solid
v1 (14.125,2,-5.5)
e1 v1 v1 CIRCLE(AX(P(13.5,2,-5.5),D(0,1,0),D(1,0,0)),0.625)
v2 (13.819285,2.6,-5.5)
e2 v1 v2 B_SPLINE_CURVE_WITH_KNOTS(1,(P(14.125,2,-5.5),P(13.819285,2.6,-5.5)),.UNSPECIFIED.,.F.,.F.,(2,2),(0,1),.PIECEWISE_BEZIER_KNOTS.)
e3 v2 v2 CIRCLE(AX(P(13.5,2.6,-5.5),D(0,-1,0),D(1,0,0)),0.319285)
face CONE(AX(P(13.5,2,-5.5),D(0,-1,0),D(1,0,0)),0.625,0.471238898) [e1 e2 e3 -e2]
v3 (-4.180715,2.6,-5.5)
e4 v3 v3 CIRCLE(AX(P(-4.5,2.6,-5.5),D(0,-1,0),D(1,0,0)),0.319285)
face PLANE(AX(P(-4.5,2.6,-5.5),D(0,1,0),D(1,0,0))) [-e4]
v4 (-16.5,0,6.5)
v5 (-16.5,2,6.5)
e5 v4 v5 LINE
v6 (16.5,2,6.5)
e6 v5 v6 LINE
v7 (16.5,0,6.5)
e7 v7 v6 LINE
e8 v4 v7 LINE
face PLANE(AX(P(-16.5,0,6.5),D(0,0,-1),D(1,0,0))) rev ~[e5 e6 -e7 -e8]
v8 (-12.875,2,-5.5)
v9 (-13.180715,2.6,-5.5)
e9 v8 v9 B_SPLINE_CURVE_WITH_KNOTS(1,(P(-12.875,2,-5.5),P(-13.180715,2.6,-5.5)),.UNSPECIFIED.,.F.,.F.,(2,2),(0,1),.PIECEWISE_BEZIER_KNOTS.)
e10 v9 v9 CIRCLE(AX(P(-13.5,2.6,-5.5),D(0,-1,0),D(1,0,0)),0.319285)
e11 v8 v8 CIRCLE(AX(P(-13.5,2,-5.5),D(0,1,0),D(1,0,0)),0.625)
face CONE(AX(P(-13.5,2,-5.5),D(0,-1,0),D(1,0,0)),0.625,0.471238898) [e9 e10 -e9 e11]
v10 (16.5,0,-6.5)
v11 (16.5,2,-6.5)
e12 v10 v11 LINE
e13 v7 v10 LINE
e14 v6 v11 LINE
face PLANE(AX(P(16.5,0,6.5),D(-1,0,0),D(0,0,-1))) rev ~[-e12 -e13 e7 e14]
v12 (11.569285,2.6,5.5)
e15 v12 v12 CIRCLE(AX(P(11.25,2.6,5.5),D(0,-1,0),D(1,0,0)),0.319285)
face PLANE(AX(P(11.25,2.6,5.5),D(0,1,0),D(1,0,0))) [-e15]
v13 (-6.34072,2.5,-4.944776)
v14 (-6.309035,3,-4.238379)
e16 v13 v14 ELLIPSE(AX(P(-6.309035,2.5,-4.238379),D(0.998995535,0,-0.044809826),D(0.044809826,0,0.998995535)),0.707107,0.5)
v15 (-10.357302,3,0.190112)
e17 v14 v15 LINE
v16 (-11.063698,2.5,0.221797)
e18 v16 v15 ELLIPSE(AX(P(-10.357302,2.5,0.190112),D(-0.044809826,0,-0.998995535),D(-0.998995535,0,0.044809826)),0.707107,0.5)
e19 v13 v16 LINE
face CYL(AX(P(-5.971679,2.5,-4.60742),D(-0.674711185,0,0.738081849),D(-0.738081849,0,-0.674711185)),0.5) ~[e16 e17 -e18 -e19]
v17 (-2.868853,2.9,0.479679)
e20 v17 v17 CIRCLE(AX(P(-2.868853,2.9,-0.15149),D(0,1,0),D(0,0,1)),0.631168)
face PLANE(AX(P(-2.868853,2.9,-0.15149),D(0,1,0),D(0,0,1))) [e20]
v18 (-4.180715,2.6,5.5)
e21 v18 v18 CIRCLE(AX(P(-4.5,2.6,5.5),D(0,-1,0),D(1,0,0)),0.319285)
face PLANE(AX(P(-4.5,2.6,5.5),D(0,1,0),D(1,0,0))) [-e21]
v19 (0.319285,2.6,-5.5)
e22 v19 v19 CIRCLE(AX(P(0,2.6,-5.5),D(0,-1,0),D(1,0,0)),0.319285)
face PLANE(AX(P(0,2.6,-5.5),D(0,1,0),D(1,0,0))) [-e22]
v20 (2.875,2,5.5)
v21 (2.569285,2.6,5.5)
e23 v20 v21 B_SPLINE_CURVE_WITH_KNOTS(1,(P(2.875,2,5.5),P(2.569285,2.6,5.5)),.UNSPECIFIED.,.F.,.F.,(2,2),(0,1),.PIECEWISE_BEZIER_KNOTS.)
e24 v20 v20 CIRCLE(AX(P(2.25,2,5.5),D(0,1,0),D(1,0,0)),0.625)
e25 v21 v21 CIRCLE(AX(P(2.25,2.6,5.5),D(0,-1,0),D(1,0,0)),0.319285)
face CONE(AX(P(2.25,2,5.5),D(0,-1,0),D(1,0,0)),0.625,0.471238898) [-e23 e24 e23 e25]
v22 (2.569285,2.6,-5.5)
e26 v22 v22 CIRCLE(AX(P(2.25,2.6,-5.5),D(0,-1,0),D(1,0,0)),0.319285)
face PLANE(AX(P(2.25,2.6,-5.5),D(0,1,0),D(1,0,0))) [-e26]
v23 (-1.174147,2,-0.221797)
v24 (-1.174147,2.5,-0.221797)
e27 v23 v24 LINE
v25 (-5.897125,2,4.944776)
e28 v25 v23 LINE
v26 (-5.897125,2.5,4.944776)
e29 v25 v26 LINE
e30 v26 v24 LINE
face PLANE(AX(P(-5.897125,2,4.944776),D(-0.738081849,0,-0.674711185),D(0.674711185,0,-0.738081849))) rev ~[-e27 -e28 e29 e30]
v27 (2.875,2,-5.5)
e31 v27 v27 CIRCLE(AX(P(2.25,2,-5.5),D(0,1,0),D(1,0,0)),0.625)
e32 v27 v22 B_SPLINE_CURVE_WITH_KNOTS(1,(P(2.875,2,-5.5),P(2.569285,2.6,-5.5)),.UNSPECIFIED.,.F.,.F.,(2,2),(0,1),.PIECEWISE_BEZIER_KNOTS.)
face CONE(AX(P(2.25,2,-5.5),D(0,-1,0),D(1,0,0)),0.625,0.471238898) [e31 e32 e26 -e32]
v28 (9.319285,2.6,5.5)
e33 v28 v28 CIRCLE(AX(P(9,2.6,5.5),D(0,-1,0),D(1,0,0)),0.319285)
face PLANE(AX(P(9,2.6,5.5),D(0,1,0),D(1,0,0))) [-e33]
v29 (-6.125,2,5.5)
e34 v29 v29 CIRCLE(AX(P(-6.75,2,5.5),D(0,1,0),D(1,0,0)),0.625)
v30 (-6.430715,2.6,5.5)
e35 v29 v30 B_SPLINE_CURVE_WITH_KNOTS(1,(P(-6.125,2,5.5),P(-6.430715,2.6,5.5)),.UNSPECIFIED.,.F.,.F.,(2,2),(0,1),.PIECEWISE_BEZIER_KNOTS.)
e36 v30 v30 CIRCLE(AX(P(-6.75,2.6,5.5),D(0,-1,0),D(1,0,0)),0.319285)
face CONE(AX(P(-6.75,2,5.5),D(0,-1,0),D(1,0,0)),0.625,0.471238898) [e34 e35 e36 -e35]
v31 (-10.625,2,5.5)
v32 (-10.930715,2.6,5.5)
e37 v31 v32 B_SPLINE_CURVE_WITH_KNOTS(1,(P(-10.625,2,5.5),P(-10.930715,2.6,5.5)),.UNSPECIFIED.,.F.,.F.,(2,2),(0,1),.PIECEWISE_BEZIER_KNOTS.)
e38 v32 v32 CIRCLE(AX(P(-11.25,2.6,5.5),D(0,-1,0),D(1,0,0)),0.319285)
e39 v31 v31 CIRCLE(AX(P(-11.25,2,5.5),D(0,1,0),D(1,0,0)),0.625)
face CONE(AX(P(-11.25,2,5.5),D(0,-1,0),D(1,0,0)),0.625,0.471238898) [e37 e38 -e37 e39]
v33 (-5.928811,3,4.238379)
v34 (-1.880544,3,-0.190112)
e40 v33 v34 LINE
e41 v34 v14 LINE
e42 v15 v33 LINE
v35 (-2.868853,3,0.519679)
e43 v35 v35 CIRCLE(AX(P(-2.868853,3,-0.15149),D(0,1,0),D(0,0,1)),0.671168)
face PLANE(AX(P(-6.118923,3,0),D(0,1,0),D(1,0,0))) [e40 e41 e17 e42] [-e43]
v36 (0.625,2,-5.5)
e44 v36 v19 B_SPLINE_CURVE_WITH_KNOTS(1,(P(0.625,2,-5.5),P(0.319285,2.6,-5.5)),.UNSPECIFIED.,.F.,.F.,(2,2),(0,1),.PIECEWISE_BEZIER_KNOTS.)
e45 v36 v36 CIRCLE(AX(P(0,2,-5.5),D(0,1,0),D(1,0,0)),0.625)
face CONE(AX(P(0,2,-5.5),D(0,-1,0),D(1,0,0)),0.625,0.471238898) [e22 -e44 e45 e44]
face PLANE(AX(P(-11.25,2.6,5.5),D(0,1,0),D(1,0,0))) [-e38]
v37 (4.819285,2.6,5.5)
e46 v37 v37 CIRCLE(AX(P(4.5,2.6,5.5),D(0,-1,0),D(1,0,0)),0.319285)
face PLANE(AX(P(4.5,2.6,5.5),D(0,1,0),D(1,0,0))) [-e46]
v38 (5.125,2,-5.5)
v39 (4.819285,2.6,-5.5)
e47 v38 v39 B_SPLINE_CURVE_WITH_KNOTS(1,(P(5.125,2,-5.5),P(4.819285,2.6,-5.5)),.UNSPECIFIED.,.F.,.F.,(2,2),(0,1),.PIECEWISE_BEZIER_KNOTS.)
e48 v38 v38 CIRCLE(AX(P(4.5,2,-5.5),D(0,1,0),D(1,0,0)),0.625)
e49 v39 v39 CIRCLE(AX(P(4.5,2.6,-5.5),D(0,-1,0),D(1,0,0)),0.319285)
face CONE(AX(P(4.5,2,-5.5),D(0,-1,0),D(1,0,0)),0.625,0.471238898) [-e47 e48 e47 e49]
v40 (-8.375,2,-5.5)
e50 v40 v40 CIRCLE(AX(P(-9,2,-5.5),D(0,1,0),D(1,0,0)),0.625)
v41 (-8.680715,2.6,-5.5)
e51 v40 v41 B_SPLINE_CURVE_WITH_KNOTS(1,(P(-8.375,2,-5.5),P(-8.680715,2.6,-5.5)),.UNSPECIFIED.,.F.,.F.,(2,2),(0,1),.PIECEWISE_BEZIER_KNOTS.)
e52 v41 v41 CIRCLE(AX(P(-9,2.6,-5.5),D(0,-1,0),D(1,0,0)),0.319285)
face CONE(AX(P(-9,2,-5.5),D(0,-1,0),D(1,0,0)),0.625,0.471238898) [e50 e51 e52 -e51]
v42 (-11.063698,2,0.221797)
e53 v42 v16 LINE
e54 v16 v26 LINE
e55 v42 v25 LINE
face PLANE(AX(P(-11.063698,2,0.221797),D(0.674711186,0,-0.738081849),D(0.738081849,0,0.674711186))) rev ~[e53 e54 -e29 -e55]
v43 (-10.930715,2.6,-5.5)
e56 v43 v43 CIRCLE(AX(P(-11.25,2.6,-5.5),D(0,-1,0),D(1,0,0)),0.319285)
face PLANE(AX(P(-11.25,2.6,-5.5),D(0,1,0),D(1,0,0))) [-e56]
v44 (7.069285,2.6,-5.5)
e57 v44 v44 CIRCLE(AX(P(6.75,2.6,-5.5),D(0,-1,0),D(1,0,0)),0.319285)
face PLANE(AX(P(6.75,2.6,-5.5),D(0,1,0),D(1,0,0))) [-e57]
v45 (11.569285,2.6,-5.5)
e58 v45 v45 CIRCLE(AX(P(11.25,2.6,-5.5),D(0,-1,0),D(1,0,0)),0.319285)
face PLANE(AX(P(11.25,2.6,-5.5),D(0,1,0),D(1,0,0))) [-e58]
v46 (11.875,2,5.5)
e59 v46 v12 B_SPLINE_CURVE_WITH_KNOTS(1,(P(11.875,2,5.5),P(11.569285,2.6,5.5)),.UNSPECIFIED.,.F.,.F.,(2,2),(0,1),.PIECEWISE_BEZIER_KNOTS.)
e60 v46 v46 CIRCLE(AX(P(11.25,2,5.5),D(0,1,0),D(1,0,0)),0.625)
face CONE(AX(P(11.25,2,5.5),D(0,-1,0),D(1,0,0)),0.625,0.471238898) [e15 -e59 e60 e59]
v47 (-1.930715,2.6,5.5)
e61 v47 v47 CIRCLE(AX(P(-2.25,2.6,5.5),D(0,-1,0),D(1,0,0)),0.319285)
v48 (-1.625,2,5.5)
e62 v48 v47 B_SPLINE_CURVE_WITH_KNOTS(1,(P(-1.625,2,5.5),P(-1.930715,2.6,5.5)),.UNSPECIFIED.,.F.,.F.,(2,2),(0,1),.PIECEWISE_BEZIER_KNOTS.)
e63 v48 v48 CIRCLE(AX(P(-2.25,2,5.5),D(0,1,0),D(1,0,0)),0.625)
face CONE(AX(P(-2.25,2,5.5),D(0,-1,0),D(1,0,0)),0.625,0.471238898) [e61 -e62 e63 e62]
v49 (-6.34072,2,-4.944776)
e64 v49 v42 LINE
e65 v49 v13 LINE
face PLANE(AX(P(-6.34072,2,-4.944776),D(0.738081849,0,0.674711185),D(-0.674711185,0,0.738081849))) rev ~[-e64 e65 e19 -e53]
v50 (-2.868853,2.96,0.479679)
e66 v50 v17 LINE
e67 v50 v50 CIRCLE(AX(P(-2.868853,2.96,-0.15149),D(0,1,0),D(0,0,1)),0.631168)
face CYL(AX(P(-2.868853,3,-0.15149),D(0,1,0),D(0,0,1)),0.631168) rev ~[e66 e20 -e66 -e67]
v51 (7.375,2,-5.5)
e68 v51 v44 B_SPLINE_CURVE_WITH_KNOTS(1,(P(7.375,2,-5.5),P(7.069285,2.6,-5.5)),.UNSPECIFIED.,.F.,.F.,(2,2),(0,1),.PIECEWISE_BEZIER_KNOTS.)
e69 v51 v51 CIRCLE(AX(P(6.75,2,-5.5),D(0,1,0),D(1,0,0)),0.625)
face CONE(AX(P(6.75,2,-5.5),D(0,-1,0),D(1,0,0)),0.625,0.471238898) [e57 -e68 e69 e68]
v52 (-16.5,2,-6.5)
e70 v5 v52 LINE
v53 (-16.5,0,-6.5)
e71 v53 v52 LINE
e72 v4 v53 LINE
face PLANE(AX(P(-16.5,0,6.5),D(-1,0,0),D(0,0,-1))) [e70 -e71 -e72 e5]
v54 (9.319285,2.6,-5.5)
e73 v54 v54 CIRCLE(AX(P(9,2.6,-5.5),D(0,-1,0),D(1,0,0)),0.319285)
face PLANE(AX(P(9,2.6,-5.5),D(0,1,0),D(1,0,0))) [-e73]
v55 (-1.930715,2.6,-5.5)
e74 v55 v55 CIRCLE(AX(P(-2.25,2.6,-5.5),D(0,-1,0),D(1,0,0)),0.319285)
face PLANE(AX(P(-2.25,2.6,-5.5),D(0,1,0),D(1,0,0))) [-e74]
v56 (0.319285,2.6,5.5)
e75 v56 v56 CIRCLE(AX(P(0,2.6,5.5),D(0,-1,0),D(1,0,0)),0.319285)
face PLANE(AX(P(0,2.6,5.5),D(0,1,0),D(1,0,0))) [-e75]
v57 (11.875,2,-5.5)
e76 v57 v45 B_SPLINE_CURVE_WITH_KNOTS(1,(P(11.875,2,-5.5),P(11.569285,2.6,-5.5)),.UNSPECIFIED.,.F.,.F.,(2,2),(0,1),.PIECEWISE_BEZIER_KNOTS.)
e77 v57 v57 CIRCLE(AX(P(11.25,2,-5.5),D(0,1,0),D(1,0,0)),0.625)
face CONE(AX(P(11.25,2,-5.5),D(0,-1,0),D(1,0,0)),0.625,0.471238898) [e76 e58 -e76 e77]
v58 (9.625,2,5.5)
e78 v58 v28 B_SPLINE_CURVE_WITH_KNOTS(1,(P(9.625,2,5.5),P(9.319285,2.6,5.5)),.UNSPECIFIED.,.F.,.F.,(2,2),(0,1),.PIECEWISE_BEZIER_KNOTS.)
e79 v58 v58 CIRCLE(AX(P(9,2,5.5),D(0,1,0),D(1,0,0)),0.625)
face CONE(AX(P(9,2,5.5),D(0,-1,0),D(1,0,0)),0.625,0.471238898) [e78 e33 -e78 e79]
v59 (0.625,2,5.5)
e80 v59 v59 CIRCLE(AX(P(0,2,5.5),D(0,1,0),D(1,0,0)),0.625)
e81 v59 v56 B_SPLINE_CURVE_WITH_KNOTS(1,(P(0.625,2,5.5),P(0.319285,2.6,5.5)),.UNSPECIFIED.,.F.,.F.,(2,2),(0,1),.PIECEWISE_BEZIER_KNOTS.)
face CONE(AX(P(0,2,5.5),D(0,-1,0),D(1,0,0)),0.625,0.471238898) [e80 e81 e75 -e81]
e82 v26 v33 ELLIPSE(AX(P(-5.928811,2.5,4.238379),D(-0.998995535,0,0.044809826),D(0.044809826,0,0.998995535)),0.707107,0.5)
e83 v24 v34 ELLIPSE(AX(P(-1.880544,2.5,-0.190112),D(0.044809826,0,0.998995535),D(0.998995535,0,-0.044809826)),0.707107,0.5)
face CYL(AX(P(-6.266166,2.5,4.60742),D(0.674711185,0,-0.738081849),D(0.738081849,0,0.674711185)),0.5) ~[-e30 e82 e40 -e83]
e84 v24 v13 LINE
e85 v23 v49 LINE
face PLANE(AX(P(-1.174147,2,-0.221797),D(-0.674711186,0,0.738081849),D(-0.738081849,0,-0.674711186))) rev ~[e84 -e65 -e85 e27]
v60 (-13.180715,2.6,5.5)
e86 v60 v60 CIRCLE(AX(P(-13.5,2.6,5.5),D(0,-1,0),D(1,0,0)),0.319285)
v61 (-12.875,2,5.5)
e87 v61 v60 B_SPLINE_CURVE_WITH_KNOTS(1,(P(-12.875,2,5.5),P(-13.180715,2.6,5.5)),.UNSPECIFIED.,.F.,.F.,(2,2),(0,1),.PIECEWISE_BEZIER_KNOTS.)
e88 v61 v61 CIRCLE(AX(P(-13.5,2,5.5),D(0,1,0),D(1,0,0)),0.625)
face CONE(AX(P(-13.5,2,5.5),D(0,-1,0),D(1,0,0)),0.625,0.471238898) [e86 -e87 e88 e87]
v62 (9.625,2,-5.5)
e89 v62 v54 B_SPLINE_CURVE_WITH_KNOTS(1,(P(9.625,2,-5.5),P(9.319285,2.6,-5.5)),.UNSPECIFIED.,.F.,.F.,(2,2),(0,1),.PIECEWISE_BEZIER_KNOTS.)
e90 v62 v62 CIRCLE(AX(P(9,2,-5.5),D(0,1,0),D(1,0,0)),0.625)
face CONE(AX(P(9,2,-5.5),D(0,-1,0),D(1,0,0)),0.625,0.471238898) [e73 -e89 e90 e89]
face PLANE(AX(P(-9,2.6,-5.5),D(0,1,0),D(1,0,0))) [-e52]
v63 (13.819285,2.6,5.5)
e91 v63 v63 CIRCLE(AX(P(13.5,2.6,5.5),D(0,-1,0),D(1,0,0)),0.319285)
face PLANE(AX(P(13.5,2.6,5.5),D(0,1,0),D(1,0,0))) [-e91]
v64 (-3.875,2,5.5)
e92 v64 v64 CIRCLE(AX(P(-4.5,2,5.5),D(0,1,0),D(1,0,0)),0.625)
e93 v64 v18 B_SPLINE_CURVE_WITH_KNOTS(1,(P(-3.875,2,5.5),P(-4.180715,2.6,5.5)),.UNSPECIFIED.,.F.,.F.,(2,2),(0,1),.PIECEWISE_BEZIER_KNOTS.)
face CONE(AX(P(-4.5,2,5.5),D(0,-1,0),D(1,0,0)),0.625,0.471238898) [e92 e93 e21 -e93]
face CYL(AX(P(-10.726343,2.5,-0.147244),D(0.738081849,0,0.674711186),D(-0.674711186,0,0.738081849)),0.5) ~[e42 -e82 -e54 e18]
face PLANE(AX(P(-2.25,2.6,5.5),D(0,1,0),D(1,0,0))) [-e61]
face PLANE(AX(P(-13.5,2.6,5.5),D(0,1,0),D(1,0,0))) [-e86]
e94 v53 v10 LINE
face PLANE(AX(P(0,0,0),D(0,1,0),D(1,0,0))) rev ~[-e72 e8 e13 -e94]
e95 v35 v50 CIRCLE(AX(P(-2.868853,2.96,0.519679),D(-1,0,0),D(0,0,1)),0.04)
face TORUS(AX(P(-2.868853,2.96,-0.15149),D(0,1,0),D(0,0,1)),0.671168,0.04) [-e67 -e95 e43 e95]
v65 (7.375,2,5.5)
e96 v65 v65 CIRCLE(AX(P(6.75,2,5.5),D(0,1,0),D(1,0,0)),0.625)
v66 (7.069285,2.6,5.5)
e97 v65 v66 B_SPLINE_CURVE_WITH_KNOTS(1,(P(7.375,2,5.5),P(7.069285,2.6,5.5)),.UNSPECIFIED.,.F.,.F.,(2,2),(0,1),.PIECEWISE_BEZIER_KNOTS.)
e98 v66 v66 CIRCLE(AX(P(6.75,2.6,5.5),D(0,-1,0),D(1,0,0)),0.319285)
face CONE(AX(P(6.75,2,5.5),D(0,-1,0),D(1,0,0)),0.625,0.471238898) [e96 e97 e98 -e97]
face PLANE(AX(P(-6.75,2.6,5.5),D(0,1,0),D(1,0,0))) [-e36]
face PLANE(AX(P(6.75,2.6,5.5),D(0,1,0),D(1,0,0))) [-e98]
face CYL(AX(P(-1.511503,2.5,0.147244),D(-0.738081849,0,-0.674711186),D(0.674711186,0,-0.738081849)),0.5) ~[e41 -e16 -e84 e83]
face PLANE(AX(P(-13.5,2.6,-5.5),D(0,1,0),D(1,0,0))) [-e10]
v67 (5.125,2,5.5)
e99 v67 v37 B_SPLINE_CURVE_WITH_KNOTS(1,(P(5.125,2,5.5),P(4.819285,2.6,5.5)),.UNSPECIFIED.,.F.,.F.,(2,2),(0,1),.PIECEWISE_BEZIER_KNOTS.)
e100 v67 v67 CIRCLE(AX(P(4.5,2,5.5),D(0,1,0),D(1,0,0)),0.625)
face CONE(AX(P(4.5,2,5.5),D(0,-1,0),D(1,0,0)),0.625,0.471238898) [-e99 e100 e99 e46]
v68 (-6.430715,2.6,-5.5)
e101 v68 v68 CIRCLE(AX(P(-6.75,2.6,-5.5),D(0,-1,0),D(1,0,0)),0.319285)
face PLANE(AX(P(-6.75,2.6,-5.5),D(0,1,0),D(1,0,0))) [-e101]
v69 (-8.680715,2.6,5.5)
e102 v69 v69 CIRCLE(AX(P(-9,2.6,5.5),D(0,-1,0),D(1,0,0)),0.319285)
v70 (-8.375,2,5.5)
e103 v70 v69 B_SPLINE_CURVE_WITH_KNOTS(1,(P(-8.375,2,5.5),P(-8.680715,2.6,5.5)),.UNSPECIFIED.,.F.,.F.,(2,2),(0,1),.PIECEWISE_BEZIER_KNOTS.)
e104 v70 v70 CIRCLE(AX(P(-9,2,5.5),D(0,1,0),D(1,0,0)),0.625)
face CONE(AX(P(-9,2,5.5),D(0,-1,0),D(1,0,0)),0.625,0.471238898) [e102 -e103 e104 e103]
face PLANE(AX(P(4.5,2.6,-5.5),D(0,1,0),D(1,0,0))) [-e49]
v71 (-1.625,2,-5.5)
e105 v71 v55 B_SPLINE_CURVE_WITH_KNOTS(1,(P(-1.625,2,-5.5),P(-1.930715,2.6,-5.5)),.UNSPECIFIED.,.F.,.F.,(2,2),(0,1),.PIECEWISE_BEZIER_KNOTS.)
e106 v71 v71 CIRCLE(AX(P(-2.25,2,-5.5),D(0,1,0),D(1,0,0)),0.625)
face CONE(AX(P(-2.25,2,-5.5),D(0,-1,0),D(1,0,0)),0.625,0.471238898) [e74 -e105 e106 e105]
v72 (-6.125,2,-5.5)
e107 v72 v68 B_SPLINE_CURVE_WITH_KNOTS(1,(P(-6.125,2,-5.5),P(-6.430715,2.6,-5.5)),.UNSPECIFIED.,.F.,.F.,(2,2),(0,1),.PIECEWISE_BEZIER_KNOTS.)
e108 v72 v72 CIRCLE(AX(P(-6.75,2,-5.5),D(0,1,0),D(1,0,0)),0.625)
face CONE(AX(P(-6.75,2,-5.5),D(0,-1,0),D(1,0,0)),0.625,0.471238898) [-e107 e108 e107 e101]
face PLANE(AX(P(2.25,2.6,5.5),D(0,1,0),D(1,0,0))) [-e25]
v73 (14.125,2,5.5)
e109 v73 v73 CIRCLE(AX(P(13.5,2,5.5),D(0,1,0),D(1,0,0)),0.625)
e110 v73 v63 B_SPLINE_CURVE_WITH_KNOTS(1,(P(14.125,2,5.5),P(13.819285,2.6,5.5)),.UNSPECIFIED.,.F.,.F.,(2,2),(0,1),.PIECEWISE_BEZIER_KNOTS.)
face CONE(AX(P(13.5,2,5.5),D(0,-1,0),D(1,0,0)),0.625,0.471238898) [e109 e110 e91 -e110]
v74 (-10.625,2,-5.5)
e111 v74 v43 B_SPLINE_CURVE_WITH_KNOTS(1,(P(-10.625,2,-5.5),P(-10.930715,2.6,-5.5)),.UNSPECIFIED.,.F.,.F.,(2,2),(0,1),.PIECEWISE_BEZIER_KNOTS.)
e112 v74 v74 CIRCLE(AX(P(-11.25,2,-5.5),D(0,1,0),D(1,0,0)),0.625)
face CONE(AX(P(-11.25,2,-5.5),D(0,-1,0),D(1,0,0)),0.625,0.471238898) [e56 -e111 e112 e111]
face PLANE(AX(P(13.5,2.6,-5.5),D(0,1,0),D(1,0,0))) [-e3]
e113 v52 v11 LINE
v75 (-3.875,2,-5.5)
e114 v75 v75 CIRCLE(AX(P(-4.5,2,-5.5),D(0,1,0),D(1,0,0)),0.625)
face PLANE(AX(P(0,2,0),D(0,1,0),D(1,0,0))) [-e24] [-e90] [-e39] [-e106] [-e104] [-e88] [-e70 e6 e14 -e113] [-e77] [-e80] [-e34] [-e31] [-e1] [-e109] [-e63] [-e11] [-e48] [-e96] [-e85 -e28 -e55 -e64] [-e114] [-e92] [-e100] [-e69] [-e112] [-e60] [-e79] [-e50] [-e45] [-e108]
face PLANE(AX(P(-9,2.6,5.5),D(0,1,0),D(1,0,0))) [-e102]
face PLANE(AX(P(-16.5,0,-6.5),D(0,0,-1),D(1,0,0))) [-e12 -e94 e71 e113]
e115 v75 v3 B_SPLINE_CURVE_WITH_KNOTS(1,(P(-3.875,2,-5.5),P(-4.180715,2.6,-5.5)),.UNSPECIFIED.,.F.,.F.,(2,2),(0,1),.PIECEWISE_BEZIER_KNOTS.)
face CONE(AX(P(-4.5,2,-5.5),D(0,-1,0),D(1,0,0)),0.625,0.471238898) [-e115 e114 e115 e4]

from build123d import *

# Parameters (mm, degrees)
SKETCH1_W           = 33
SKETCH1_H           = 13
BOSS_EXTRUDE1_DEPTH = 2
BOSS_EXTRUDE2_DEPTH = 1
FILLET1_R           = 0.5
SKETCH3_R           = 0.631168426
CUT_EXTRUDE1_DEPTH  = 0.1
FILLET2_R           = 0.04
SKETCH4_R           = 0.625
BOSS_EXTRUDE3_DEPTH = 0.6
BOSS_EXTRUDE3_TAPER = 27


with BuildPart() as part:
    # Sketch1 → Boss-Extrude1 (new body)
    with BuildSketch(Plane(origin=(0, 0, 0), x_dir=(1, 0, 0), z_dir=(0, 1, 0))):
        Rectangle(SKETCH1_W, SKETCH1_H)
    extrude(amount=BOSS_EXTRUDE1_DEPTH)

    # Sketch2 → Boss-Extrude2 (add)
    with BuildSketch(Plane(origin=(0, 2, 0), x_dir=(1, 0, 0), z_dir=(0, 1, 0))):
        Polygon((-11.063698409, -0.221797323), (-5.897125464, -4.944775622), (-1.174147166, 0.221797323), (-6.340720111, 4.944775622), align=None)
    extrude(amount=BOSS_EXTRUDE2_DEPTH)

    # Fillet1
    fillet1_edges = [part.edges().sort_by_distance(p)[0] for p in [
        (-8.70220926, 3, -2.361489149),
        (-8.480411937, 3, 2.583286472),
        (-3.535636315, 3, 2.361489149),
        (-3.757433638, 3, -2.583286472),
    ]]
    fillet(fillet1_edges, radius=FILLET1_R)

    # Sketch3 → Cut-Extrude1 (cut)
    with BuildSketch(Plane(origin=(0, 3, 0), x_dir=(1, 0, 0), z_dir=(0, 1, 0))):
        with Locations(Location((-2.868853152, 0.151489879, 0), (0, 0, 270))):
            Circle(SKETCH3_R)
    extrude(amount=-CUT_EXTRUDE1_DEPTH, mode=Mode.SUBTRACT)

    # Fillet2
    fillet2_edges = [part.edges().sort_by_distance(p)[0] for p in [
        (-2.868853152, 3, -0.782658305),
    ]]
    fillet(fillet2_edges, radius=FILLET2_R)

    # Sketch4 → Boss-Extrude3 (add)
    with BuildSketch(Plane(origin=(0, 2, 0), x_dir=(1, 0, 0), z_dir=(0, 1, 0))):
        with Locations((-13.5, 5.5)):
            Circle(SKETCH4_R)
        with Locations((-11.25, 5.5)):
            Circle(SKETCH4_R)
        with Locations((-9, 5.5)):
            Circle(SKETCH4_R)
        with Locations((-6.75, 5.5)):
            Circle(SKETCH4_R)
        with Locations((-4.5, 5.5)):
            Circle(SKETCH4_R)
        with Locations((-2.25, 5.5)):
            Circle(SKETCH4_R)
        with Locations((0, 5.5)):
            Circle(SKETCH4_R)
        with Locations((2.25, 5.5)):
            Circle(SKETCH4_R)
        with Locations((4.5, 5.5)):
            Circle(SKETCH4_R)
        with Locations((6.75, 5.5)):
            Circle(SKETCH4_R)
        with Locations((9, 5.5)):
            Circle(SKETCH4_R)
        with Locations((11.25, 5.5)):
            Circle(SKETCH4_R)
        with Locations((13.5, 5.5)):
            Circle(SKETCH4_R)
        with Locations((-13.5, -5.5)):
            Circle(SKETCH4_R)
        with Locations((-11.25, -5.5)):
            Circle(SKETCH4_R)
        with Locations((-9, -5.5)):
            Circle(SKETCH4_R)
        with Locations((-6.75, -5.5)):
            Circle(SKETCH4_R)
        with Locations((-4.5, -5.5)):
            Circle(SKETCH4_R)
        with Locations((-2.25, -5.5)):
            Circle(SKETCH4_R)
        with Locations((0, -5.5)):
            Circle(SKETCH4_R)
        with Locations((2.25, -5.5)):
            Circle(SKETCH4_R)
        with Locations((4.5, -5.5)):
            Circle(SKETCH4_R)
        with Locations((6.75, -5.5)):
            Circle(SKETCH4_R)
        with Locations((9, -5.5)):
            Circle(SKETCH4_R)
        with Locations((11.25, -5.5)):
            Circle(SKETCH4_R)
        with Locations((13.5, -5.5)):
            Circle(SKETCH4_R)
    extrude(amount=BOSS_EXTRUDE3_DEPTH, taper=BOSS_EXTRUDE3_TAPER)


solid = part.part
